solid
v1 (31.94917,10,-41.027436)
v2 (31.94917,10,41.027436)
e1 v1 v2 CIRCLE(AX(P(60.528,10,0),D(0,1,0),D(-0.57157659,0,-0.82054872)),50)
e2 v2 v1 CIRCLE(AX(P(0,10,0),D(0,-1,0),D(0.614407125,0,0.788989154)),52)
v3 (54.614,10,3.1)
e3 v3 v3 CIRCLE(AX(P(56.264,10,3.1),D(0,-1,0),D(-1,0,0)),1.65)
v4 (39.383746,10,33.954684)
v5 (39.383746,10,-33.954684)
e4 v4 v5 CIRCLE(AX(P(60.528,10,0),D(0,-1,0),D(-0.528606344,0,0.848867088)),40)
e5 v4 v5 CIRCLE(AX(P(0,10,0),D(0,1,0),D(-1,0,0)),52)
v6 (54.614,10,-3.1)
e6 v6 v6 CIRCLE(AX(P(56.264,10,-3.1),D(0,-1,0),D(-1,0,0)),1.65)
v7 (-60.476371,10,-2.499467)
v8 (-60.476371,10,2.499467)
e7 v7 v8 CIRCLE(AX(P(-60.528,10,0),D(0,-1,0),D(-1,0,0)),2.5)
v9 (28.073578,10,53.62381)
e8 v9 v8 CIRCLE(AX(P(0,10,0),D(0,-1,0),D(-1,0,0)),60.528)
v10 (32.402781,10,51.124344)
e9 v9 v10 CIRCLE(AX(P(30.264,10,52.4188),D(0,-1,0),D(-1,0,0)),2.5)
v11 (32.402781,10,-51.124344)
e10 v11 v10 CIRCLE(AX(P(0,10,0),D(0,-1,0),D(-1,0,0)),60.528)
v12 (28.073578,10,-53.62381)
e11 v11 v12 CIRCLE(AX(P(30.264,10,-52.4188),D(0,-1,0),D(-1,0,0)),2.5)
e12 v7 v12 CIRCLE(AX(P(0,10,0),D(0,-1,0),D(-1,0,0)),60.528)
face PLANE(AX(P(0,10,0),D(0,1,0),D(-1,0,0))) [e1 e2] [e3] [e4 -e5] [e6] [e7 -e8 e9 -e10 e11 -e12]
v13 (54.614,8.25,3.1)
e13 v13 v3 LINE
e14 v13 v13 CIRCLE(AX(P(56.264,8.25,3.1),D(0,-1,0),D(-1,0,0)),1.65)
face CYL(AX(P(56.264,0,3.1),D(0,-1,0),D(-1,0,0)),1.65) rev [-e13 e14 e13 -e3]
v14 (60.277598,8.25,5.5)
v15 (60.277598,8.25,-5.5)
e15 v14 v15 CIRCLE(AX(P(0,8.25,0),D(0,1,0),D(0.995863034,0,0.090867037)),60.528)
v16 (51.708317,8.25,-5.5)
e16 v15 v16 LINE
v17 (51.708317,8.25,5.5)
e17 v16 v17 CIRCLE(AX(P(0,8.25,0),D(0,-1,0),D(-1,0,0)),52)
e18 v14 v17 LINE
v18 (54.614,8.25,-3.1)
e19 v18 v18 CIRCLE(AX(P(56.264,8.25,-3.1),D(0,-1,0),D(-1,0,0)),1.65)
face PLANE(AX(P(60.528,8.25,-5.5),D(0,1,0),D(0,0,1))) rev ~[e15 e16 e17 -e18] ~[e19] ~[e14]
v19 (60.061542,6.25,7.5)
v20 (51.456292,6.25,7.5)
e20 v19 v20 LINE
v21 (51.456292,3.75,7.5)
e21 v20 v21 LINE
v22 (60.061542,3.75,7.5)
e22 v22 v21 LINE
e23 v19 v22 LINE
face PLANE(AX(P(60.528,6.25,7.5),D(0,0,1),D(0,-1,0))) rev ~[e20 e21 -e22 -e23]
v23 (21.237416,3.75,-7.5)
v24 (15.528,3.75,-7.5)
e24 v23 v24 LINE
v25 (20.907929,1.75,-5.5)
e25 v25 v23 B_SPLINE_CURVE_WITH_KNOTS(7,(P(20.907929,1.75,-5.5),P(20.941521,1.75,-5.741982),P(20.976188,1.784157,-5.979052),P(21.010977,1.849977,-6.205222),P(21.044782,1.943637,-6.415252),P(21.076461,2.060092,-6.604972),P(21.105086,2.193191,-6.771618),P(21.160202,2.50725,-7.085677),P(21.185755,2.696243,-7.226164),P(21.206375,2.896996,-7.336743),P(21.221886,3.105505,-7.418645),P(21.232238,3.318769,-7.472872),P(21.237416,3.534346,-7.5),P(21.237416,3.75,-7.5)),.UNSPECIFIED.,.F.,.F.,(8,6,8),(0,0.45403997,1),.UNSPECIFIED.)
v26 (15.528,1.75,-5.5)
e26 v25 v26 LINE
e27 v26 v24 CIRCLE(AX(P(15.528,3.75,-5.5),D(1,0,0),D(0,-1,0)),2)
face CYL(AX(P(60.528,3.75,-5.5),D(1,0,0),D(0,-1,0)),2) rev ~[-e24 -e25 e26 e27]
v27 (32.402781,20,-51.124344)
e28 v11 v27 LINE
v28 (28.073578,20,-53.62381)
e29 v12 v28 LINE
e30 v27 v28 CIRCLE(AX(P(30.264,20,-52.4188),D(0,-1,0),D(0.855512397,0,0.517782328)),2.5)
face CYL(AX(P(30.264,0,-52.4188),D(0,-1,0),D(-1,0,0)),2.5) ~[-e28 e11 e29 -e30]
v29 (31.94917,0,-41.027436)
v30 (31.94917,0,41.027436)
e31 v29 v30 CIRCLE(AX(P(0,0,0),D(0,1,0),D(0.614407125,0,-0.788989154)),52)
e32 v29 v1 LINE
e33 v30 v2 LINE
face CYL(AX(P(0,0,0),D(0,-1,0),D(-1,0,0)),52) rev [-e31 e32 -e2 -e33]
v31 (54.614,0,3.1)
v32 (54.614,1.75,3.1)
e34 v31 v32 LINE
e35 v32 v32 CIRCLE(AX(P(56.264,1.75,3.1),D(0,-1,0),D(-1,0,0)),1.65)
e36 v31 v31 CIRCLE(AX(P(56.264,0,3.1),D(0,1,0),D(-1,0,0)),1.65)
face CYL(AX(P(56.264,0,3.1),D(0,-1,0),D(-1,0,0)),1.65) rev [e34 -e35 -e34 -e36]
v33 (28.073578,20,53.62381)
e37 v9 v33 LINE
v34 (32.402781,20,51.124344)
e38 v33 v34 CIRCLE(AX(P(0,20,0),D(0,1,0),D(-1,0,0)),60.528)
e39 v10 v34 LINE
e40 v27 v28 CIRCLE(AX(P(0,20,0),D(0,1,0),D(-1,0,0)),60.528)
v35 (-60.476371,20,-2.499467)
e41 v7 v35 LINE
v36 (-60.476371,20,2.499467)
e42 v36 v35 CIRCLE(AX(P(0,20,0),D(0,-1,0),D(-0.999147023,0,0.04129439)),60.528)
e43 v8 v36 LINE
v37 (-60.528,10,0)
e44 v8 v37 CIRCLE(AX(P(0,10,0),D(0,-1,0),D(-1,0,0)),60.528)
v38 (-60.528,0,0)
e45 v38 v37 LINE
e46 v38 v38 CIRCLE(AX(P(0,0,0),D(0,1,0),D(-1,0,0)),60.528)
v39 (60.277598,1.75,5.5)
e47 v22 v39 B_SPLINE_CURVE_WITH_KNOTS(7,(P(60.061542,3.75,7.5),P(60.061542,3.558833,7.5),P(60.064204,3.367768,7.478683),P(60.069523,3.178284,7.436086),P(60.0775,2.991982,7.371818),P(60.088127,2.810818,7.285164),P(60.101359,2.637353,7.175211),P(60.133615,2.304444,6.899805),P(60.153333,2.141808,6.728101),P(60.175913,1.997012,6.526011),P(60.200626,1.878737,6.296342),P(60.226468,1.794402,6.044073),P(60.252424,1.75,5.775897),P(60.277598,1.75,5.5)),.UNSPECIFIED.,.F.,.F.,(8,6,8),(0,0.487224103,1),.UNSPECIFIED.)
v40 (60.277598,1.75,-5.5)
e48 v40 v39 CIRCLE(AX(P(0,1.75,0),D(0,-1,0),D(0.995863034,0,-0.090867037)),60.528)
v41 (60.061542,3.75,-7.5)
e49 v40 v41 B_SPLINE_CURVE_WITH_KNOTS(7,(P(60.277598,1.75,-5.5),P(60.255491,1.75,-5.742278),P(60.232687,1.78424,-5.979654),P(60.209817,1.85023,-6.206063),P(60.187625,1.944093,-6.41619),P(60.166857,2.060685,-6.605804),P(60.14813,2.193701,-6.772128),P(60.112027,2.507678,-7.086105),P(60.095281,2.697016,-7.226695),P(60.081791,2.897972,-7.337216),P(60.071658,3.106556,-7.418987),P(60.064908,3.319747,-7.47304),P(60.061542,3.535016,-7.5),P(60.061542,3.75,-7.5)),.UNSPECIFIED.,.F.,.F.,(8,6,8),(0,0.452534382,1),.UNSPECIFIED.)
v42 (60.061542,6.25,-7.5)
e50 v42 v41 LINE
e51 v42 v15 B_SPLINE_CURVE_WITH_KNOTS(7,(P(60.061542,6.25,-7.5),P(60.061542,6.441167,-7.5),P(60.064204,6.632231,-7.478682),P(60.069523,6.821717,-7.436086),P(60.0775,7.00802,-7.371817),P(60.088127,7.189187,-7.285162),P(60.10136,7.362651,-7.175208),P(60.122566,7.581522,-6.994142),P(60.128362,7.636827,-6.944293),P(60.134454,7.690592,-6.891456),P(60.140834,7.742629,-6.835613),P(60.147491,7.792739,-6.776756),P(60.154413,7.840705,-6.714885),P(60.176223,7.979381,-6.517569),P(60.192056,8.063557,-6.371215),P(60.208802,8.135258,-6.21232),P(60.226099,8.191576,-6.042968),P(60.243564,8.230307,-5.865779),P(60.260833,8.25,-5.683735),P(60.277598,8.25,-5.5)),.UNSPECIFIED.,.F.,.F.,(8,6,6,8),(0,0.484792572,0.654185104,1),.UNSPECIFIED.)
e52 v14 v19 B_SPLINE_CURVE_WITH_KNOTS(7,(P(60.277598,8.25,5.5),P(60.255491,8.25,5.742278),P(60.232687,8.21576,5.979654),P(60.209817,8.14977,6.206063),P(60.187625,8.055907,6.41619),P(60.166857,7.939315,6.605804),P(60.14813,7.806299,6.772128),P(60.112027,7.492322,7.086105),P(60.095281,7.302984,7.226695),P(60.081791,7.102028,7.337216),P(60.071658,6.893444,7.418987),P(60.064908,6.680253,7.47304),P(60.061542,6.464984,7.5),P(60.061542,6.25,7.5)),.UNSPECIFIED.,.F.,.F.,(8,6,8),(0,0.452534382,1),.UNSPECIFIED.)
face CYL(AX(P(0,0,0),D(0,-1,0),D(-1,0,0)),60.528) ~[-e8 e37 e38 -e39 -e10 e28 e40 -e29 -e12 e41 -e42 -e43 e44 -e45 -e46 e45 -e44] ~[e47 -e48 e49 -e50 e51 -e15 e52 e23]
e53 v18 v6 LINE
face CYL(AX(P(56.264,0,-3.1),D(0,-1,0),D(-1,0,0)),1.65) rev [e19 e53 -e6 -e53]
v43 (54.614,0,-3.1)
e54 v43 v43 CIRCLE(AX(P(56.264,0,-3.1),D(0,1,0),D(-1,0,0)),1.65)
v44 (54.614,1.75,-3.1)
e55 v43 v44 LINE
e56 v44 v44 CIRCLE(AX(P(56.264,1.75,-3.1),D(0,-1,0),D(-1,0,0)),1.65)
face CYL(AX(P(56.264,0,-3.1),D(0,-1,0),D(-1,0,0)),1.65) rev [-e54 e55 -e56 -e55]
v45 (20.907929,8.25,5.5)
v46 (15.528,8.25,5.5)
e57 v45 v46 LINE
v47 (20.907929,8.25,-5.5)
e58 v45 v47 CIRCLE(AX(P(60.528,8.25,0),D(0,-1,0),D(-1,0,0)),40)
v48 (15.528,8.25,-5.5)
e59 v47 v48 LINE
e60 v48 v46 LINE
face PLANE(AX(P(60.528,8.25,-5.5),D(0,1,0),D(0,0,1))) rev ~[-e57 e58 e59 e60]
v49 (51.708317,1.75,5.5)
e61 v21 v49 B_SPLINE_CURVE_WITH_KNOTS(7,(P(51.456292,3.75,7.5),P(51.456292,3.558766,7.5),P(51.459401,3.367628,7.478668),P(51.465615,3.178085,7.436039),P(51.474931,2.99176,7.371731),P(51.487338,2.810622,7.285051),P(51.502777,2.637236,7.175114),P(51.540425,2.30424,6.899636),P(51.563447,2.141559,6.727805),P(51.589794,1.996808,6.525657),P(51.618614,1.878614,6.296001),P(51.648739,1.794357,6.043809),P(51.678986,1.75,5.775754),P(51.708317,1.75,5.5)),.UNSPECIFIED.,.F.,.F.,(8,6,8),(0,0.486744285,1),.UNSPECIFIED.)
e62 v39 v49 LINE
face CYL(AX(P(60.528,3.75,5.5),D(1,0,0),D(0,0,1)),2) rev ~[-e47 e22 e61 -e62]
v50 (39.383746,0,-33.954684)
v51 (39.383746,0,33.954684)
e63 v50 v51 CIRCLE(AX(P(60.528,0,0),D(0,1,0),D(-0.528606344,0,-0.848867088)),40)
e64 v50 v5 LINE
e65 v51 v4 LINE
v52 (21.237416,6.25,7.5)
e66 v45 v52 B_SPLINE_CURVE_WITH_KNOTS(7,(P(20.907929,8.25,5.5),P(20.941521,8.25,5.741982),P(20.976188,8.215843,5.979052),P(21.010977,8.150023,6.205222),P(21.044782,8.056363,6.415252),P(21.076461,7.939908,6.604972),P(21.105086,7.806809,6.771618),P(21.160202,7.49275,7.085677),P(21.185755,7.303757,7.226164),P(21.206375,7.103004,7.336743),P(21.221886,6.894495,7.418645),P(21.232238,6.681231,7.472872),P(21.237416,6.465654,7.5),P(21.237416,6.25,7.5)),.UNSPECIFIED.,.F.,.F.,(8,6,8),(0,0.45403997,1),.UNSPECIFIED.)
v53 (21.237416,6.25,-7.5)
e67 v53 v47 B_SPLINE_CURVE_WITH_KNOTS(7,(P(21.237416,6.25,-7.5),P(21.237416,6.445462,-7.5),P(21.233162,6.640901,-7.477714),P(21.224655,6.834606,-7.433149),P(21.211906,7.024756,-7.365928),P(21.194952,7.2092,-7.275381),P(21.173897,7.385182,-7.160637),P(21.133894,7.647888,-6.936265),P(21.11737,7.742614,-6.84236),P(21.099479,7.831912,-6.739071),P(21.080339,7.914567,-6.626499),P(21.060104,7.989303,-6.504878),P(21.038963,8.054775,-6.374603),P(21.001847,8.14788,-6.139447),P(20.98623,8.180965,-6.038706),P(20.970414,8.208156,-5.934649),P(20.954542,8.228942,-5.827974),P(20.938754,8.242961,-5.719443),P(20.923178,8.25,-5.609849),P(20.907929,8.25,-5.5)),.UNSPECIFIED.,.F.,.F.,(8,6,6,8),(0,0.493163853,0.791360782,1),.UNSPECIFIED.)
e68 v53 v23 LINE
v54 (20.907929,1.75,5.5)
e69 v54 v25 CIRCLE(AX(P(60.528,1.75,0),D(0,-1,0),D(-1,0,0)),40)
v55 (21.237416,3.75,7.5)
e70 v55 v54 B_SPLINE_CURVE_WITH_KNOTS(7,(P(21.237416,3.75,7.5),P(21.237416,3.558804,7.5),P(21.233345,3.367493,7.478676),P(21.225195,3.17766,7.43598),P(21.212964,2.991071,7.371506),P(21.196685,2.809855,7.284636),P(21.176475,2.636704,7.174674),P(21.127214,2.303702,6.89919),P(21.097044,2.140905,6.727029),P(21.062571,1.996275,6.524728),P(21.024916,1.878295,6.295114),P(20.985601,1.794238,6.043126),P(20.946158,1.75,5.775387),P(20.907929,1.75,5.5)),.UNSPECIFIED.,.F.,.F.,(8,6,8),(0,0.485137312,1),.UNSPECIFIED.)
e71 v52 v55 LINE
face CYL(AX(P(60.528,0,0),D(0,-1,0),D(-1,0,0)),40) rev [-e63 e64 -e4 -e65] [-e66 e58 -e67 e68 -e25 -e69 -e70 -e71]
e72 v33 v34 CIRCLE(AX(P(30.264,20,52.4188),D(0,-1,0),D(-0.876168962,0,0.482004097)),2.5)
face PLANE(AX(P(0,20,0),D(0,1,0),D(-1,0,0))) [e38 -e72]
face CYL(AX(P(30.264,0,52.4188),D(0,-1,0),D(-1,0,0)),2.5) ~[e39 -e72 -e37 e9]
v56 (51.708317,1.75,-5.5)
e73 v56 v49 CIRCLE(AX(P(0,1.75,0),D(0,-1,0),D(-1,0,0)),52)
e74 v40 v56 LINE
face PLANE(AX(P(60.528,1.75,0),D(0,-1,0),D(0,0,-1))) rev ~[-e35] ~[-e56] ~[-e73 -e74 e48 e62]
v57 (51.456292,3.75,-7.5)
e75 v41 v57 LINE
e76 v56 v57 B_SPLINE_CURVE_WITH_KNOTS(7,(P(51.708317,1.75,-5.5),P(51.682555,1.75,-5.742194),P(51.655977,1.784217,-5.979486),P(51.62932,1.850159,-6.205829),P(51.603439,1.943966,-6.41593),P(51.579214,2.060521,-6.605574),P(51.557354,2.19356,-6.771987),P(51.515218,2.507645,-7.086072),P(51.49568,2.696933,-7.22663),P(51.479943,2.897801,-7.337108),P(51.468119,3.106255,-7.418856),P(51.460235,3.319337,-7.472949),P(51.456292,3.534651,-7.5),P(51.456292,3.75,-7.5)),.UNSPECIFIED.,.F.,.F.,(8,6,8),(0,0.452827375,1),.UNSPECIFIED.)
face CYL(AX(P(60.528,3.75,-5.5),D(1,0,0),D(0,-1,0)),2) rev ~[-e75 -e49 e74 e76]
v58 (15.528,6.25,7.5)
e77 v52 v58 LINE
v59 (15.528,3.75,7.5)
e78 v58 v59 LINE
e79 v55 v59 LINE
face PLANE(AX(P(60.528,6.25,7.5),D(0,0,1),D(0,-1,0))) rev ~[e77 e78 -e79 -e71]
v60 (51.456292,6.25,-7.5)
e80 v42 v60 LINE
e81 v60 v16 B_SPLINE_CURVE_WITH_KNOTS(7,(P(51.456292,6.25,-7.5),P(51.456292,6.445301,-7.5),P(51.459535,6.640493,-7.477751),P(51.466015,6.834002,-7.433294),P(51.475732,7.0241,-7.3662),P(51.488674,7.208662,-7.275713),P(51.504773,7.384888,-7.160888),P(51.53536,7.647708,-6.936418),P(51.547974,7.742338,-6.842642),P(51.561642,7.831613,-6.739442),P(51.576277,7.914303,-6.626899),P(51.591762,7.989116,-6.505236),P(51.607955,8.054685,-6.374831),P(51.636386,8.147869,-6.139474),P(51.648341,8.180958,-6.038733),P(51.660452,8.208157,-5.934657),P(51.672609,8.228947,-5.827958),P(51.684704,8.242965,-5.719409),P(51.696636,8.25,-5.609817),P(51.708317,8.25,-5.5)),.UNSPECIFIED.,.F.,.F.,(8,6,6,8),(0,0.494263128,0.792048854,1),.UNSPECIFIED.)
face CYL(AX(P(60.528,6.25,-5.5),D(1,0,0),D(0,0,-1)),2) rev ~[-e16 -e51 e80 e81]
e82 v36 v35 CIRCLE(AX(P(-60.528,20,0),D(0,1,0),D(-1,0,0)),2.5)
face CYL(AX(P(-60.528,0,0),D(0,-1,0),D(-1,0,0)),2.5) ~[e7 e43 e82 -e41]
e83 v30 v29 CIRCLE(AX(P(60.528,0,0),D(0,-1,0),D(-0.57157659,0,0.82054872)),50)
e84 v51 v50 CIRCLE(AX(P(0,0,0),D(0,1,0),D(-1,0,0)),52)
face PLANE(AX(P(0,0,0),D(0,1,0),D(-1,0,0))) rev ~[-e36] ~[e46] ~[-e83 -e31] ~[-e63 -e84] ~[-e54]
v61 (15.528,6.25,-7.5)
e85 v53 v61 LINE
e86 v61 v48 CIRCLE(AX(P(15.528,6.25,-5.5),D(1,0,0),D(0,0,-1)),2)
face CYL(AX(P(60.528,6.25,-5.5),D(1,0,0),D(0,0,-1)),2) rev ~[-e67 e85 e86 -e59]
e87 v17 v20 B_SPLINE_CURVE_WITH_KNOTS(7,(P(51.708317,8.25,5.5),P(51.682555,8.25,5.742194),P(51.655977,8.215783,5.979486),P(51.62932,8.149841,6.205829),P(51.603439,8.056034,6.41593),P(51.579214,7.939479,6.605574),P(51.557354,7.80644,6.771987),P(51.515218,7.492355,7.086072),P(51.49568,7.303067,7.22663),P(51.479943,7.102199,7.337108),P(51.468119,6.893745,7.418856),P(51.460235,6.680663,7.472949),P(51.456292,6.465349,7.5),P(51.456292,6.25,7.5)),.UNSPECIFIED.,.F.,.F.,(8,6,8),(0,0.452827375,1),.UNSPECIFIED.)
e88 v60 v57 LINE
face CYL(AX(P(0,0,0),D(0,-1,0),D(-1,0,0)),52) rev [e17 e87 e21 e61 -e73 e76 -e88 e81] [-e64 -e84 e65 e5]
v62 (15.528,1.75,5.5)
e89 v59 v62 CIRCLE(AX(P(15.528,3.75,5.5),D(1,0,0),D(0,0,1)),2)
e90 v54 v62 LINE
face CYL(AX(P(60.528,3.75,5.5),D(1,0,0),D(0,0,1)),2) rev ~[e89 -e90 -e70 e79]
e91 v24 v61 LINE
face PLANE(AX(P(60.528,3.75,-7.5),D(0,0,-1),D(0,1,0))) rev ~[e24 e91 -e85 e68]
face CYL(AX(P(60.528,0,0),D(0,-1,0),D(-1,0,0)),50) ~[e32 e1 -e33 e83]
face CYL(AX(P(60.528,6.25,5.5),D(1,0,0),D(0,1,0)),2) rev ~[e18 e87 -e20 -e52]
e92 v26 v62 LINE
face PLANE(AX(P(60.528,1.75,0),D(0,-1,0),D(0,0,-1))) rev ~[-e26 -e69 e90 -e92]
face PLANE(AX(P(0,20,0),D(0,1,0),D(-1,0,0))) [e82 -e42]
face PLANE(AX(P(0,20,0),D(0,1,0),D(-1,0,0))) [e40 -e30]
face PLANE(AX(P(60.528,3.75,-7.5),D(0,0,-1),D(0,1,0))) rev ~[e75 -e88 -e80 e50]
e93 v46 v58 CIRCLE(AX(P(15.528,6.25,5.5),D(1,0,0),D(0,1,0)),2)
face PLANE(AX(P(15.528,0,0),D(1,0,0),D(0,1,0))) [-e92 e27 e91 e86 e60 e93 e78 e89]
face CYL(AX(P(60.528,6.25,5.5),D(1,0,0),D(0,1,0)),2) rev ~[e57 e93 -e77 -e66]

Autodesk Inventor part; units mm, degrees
ref_plane "YZ Plane" through (0, 0, 0) normal (1, 0, 0) x (0, 1, 0)
ref_plane "XZ Plane" through (0, 0, 0) normal (0, 1, 0) x (-1, 0, 0)
sketch "Sketch4" plane through (0, 0, 0) normal (0, 1, 0) x (-1, 0, 0)
  circle A0 centre (0, 0) radius 60.528
  line L0 (-60.528, 0) -> (0, 0) construction
  circle A1 centre (0, 0) radius 52
  circle A2 centre (-60.528, 0) radius 50
  circle A3 centre (-60.528, 0) radius 40
  line L1 (-10.528, 0) -> (-20.528, 0) construction
  line L2 (-52, 0) -> (-60.528, 0) construction
  circle A4 centre (-15.528, 0) radius 3.1
  circle A5 centre (-56.264, 0) radius 3.1
  circle A6 centre (-56.264, -3.1) radius 1.65
  circle A7 centre (-56.264, 3.1) radius 1.65
  circle A8 centre (60.528, 0) radius 2.5
  circle A9 centre (-30.264, 52.4188) radius 2.5
  circle A10 centre (-30.264, -52.4188) radius 2.5
  line L3 (60.528, 0) -> (60.528, 0)
  point P0 (-39.3837, 33.9547)
  point P1 (-39.3837, -33.9547)
  point P2 (-31.9492, 41.0274)
  point P3 (-31.9492, -41.0274)
  point P4 (-28.0736, 53.6238)
  point P5 (-32.4028, 51.1243)
  point P6 (60.4764, 2.4995)
  point P7 (60.4764, -2.4995)
  point P8 (-32.4028, -51.1243)
  point P9 (-28.0736, -53.6238)
  dimension "d18" = 104
  dimension "d19" = 80
  dimension "d20" = 121.056
  dimension "d21" = 100
  dimension "d17" = 60.528
  dimension "d29" = 6.2
  dimension "d30" = 6.2
  dimension "d36" = 3.3
  dimension "d37" = 3.3
  dimension "d38" = 5
  dimension "d42" = 360
  dimension "d46" = 0
extrude "Extrusion3" add sketch "Sketch4" along normal blind 10 contours A0 A8 | A8 A0 A10 A2 A1 A9 | A9 A0 | A0 A10 | A2 A1 A3 A0 | A0 A3 A1 A2 | A3 A1 A0 | A2 A1 A3 | A4 | A5 A6 A7 picked at (59.7455, 0.5696) picked at (-29.7736, 51.7403) picked at (-29.7736, -51.7403)
ref_plane "Work Plane5" through (60.528, 0, 0) normal (1, 0, 0) x (0, 1, 0)
sketch "Sketch6" plane through (60.528, 0, 0) normal (1, 0, 0) x (0, 1, 0)
  line L0 (10, -60.528) -> (10, 60.528) projected
  line L1 (0, -60.528) -> (0, 60.528) projected
  line L2 (10, -60.528) -> (10, 60.528) projected
  line L3 (10, 0) -> (0, 0)
  line L4 (1.75, 5.5) -> (1.75, -5.5)
  line L5 (3.75, -7.5) -> (6.25, -7.5)
  line L6 (8.25, -5.5) -> (8.25, 5.5)
  line L7 (6.25, 7.5) -> (3.75, 7.5)
  line L8 (1.75, 7.5) -> (8.25, -7.5) construction
  line L9 (1.75, -7.5) -> (8.25, 7.5) construction
  arc A0 (6.25, -7.5) -> (8.25, -5.5) centre (6.25, -5.5) ccw
  arc A1 (1.75, -5.5) -> (3.75, -7.5) centre (3.75, -5.5) ccw
  arc A2 (8.25, 5.5) -> (6.25, 7.5) centre (6.25, 5.5) ccw
  arc A3 (3.75, 7.5) -> (1.75, 5.5) centre (3.75, 5.5) ccw
  point P0 (5, 0)
  dimension "d31" = 15
  dimension "d32" = 6.5
  dimension "d33" = 2
extrude "Extrusion4" cut sketch "Sketch6" against normal blind 45
extrude "Extrusion5" add sketch "Sketch4" along normal blind 20 contours A0 A8 | A9 A0 | A0 A10 picked at (59.7455, 0.5696) picked at (-29.7736, 51.7403) picked at (-29.7736, -51.7403)
